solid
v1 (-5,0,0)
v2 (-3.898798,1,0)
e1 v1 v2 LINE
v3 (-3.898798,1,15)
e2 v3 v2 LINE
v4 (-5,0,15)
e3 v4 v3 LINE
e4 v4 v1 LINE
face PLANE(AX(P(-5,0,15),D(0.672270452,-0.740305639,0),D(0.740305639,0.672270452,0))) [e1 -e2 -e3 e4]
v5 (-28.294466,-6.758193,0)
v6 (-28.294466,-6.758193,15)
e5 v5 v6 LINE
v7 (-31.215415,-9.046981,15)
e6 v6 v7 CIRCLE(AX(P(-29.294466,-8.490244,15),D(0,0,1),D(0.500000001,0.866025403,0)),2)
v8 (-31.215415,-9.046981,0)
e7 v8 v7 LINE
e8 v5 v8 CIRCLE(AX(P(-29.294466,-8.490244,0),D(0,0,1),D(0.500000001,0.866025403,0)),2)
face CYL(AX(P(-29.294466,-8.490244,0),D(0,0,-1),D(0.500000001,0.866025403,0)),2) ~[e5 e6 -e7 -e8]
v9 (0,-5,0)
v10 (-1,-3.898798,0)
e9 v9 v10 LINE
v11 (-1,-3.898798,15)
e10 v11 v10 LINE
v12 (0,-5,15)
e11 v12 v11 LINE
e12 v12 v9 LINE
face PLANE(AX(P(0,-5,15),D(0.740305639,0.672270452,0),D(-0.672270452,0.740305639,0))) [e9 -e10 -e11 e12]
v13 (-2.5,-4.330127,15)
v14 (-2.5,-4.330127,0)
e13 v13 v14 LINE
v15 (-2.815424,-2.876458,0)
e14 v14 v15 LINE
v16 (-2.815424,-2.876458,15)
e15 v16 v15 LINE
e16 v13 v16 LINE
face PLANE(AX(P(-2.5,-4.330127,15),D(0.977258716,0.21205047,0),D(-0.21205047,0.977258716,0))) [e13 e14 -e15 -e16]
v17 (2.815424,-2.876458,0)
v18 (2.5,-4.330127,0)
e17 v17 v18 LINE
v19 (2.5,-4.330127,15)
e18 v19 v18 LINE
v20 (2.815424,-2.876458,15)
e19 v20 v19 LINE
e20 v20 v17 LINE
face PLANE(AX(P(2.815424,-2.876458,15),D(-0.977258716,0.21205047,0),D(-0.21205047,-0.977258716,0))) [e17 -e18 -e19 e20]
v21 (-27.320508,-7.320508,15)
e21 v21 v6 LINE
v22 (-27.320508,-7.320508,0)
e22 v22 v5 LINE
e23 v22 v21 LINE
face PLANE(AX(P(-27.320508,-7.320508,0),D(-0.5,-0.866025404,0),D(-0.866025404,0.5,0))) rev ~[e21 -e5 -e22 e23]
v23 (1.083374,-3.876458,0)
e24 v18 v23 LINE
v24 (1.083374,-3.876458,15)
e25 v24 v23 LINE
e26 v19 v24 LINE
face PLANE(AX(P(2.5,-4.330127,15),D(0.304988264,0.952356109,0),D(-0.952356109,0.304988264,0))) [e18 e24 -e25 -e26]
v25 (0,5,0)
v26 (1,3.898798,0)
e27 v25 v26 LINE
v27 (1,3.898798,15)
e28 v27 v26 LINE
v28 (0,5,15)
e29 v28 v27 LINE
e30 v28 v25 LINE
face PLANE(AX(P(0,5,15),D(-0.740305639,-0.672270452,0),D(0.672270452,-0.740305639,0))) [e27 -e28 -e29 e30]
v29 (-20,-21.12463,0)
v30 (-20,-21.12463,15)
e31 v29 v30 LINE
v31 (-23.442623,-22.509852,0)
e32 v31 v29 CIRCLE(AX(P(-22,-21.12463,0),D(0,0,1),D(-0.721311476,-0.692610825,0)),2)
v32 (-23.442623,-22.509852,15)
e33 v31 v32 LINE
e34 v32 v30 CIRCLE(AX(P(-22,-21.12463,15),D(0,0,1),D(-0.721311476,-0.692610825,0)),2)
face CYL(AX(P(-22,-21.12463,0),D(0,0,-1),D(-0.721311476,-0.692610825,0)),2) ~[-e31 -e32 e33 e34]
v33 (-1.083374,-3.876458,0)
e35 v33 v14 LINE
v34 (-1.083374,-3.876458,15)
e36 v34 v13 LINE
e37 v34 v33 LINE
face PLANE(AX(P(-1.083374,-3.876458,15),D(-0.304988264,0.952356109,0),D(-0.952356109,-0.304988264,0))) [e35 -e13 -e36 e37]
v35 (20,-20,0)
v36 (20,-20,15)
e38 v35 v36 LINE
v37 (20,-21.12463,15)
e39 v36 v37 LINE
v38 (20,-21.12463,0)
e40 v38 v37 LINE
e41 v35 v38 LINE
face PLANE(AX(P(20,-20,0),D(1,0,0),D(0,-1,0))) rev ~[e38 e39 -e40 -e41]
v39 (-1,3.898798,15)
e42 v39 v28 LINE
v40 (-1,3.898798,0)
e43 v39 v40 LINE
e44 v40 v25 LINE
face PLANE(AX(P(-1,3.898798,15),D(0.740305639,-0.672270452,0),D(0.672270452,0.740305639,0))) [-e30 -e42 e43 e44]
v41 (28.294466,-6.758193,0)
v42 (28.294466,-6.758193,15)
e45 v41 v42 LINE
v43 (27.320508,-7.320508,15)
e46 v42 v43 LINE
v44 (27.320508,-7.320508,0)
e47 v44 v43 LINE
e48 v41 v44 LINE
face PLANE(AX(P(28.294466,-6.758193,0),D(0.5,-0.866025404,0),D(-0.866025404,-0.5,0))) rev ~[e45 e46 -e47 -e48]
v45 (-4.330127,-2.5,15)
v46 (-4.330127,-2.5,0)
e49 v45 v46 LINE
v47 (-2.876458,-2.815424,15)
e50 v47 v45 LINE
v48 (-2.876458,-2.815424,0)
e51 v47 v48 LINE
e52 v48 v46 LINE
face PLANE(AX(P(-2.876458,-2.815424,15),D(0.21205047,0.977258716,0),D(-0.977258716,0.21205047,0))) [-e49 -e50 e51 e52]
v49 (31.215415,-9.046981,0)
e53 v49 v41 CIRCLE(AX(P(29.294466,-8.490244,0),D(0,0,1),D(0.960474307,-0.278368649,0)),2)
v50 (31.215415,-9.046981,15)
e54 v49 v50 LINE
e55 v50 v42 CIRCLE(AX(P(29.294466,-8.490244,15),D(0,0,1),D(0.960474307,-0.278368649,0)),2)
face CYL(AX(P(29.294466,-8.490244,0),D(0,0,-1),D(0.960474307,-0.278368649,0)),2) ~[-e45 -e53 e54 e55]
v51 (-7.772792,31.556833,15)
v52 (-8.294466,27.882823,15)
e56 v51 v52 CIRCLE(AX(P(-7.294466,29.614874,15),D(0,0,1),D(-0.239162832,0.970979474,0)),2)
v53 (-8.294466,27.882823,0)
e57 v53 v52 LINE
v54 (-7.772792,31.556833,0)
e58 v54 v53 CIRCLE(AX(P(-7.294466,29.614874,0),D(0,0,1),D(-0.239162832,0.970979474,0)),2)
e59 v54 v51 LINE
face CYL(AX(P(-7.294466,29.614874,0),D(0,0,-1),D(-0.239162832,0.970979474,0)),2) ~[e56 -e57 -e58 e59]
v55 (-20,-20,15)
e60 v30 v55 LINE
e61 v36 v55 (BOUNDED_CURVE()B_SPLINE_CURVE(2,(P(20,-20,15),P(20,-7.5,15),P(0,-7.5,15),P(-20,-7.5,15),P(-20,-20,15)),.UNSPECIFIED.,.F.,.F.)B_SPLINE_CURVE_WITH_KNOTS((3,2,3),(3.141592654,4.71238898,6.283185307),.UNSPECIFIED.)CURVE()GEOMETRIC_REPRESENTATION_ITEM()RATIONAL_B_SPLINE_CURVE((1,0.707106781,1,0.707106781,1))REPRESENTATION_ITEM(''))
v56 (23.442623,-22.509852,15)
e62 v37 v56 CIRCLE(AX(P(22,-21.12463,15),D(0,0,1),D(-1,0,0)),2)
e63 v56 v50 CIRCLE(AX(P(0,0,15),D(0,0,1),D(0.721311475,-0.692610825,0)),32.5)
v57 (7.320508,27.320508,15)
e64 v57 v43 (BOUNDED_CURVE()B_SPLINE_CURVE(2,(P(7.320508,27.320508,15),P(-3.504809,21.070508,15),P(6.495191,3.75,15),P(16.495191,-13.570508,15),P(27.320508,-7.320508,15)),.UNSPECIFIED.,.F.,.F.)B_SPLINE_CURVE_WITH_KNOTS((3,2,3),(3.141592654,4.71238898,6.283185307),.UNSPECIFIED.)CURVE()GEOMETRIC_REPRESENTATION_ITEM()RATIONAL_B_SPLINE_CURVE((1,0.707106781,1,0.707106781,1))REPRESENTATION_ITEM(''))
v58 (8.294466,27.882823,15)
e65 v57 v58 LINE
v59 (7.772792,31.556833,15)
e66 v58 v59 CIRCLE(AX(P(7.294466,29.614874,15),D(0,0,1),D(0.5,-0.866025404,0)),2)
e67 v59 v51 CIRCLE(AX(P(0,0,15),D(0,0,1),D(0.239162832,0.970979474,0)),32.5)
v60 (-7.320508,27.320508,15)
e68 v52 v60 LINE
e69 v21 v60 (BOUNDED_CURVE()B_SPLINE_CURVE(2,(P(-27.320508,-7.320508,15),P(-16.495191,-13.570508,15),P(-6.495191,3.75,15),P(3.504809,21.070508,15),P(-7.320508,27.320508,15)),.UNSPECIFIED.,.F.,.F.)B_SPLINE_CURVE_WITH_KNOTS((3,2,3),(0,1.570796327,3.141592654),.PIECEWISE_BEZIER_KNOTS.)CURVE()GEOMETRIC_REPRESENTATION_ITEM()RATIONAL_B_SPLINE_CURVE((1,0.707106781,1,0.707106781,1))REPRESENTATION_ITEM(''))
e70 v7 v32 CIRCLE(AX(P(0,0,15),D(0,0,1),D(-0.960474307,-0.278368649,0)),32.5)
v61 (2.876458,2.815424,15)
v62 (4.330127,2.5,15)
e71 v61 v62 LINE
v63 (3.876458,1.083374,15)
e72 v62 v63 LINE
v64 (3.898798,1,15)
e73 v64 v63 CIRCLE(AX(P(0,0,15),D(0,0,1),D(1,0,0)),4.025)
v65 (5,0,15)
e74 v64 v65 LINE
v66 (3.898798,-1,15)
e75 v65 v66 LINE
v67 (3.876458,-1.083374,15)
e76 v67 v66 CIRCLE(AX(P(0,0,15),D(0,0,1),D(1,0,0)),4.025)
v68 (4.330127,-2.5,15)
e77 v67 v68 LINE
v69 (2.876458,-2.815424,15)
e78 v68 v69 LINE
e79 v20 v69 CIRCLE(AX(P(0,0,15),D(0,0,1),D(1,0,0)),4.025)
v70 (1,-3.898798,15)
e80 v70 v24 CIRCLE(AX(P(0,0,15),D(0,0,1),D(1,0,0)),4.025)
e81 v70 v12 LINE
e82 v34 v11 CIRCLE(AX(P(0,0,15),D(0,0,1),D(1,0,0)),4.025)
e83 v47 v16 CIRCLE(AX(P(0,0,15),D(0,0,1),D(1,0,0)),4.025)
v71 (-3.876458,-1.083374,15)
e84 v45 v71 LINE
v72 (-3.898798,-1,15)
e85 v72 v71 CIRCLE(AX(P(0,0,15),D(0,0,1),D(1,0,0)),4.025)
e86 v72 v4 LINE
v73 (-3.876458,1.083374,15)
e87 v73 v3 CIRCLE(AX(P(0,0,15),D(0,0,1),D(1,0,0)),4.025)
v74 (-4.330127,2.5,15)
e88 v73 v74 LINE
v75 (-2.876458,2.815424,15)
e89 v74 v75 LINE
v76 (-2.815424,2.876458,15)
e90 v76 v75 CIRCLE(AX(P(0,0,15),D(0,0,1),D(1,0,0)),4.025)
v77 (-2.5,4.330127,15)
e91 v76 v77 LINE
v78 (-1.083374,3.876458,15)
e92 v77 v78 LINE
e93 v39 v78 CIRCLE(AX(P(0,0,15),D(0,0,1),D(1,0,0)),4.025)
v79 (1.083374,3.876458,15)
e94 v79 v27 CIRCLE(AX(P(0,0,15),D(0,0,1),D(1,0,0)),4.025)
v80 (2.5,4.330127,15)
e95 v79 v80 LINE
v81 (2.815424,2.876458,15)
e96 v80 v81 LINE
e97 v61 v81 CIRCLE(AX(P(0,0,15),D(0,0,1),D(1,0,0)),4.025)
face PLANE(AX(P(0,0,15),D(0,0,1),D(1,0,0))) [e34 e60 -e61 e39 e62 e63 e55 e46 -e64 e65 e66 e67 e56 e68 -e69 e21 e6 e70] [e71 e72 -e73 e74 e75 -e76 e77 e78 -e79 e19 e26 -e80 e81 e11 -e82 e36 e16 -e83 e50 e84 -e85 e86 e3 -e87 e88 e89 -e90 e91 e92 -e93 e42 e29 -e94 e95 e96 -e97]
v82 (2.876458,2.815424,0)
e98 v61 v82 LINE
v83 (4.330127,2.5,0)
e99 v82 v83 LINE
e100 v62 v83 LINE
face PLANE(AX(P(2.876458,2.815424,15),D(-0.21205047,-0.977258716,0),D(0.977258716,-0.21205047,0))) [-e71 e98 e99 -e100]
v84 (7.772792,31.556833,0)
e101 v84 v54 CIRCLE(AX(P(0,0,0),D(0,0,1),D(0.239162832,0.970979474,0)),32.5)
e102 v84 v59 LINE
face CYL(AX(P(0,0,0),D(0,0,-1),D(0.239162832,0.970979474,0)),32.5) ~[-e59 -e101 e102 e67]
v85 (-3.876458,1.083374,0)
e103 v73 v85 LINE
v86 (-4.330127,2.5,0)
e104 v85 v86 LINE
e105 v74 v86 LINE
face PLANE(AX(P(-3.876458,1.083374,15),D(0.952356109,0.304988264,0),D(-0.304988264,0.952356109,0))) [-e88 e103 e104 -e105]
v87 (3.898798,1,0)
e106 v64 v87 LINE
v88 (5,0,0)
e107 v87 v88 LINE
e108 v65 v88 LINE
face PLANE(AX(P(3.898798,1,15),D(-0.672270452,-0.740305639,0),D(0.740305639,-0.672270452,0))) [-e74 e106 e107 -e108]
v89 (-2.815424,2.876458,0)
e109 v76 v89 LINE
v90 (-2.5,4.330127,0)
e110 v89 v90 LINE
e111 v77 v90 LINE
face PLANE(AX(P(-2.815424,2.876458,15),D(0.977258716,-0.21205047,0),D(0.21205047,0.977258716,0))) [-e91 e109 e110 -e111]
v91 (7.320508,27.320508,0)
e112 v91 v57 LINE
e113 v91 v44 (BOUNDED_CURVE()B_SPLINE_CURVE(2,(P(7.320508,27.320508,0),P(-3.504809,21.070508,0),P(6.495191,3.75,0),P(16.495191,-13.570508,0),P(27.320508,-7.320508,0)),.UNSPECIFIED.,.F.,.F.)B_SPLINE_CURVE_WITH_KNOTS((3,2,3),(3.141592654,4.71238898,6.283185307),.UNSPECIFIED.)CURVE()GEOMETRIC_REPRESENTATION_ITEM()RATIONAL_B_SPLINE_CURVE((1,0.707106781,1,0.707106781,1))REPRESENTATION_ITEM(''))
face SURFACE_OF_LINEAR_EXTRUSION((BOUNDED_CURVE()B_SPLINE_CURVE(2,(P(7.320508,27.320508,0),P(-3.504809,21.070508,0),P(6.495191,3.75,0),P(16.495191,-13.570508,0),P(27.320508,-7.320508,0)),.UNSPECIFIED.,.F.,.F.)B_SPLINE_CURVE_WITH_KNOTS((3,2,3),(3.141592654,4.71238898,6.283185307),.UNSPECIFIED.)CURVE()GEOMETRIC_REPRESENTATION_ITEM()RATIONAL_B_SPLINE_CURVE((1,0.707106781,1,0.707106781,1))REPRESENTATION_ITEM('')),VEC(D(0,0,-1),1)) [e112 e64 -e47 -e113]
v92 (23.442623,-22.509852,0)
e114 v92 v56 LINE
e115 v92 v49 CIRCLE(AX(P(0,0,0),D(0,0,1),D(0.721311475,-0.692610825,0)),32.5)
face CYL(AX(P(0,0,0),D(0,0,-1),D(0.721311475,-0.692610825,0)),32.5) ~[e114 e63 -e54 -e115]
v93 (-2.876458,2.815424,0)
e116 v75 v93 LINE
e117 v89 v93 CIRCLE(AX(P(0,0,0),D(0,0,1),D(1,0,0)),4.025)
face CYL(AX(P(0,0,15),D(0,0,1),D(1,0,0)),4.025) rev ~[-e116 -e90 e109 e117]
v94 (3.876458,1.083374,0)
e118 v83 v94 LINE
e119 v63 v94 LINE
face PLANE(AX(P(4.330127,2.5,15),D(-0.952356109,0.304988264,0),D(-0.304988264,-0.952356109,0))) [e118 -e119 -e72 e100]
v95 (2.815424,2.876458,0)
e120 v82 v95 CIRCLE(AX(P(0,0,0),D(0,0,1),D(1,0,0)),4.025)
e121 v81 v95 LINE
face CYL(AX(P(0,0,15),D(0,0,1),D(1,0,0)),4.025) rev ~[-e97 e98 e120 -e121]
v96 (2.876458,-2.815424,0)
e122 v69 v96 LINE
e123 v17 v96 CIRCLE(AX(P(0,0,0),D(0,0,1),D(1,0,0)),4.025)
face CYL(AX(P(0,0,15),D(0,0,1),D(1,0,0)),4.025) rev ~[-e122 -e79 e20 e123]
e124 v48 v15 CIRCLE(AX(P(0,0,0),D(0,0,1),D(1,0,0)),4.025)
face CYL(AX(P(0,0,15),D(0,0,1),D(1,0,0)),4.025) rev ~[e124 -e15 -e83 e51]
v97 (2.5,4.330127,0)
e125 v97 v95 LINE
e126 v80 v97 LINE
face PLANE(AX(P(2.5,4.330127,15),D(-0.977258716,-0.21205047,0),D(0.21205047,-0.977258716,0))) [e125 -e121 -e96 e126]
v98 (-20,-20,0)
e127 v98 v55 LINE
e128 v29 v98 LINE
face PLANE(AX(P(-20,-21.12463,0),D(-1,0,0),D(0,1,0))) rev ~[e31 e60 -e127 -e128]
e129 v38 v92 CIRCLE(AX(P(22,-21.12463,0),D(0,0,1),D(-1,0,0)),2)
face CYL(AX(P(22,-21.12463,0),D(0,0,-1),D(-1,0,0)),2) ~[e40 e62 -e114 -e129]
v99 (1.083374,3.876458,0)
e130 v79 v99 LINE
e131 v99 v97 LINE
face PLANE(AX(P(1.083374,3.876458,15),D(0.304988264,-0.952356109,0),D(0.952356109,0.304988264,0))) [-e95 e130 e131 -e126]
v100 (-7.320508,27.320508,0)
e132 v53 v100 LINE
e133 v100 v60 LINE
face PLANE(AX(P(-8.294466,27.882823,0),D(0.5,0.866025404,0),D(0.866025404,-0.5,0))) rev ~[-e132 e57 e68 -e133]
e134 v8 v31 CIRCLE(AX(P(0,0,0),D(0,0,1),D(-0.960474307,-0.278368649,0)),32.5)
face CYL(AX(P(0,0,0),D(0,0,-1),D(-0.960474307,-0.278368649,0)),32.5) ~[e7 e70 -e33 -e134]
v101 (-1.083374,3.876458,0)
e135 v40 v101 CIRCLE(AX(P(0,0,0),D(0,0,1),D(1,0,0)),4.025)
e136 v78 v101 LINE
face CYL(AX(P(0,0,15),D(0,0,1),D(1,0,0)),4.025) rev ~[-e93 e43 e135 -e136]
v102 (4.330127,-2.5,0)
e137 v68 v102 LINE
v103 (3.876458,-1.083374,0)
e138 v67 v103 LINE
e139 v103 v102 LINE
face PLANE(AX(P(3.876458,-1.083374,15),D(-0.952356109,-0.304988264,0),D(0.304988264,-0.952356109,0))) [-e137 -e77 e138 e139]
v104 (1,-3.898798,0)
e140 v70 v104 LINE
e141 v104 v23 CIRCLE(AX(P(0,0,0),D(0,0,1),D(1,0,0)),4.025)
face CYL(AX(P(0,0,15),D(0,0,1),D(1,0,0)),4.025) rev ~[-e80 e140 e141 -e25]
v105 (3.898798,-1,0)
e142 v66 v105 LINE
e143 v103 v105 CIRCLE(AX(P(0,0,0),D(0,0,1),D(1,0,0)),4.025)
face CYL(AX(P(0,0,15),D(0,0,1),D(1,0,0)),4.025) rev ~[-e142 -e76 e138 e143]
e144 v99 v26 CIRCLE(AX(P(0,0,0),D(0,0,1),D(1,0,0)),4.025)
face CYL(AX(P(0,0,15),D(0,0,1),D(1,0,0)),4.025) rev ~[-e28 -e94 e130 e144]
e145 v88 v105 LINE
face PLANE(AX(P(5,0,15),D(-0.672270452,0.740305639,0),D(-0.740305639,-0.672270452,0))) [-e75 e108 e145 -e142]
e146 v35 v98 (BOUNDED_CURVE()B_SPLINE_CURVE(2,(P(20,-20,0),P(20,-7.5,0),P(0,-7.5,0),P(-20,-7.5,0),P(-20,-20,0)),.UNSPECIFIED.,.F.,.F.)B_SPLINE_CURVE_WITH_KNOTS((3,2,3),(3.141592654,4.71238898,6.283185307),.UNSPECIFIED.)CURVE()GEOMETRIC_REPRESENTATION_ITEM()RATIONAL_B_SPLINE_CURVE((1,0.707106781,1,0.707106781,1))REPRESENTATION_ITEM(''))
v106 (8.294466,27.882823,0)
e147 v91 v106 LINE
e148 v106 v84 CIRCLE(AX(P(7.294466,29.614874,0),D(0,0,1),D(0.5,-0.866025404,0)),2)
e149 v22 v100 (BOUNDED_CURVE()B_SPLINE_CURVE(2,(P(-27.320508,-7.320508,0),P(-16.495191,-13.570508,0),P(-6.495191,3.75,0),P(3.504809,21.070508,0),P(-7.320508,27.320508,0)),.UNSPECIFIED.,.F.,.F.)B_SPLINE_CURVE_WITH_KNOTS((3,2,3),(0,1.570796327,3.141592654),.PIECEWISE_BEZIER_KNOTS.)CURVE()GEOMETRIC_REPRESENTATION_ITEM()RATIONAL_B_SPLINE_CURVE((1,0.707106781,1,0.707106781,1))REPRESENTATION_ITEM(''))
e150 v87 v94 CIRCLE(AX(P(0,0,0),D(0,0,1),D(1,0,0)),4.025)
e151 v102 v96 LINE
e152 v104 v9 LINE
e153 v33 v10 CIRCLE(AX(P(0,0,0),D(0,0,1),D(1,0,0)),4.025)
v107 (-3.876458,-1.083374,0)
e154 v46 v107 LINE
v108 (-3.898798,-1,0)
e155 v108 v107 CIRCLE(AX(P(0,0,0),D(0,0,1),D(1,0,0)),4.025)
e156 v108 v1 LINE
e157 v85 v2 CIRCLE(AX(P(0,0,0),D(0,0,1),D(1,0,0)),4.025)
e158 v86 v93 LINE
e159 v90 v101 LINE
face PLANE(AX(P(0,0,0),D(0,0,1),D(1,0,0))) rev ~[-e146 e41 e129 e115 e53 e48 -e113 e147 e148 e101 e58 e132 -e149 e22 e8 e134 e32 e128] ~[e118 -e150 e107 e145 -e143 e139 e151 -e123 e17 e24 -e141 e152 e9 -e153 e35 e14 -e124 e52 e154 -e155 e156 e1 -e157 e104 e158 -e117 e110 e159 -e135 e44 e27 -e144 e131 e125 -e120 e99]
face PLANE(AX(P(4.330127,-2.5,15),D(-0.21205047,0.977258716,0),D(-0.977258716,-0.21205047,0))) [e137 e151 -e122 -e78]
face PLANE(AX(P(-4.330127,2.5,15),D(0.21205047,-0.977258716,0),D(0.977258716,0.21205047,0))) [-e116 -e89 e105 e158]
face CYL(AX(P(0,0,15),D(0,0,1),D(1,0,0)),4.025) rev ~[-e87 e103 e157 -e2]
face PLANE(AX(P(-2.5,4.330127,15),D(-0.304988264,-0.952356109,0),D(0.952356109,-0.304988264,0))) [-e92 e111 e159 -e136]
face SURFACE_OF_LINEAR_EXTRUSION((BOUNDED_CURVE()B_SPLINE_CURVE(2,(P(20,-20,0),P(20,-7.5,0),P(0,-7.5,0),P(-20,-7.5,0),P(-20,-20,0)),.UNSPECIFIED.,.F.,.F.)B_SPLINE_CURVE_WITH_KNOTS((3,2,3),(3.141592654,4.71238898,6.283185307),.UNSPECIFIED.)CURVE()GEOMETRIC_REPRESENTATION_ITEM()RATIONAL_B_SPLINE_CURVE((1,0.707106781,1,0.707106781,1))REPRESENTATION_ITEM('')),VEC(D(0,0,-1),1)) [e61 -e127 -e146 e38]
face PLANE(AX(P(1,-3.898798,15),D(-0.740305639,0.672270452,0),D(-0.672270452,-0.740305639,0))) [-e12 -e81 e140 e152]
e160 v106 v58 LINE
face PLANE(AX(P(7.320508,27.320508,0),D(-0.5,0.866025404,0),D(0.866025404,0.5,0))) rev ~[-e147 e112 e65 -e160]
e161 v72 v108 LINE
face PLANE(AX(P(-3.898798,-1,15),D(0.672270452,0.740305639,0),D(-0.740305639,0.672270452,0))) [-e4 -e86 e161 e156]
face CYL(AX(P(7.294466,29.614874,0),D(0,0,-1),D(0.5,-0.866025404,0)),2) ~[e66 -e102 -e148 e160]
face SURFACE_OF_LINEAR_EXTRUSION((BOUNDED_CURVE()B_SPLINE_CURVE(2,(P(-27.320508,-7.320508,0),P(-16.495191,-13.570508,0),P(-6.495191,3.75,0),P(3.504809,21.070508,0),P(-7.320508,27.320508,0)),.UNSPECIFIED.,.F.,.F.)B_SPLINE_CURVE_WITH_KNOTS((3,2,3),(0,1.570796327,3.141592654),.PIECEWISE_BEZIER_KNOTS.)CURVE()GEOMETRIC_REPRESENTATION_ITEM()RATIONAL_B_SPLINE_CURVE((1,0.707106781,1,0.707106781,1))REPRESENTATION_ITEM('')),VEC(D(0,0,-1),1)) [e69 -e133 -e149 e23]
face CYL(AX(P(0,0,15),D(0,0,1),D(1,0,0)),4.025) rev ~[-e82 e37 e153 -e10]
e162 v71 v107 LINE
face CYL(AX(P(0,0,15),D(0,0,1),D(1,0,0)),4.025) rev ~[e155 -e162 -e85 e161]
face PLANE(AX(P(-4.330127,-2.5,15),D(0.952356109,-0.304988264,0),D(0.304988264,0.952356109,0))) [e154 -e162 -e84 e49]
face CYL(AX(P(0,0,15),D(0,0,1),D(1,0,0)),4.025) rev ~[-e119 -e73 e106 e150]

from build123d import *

# Parameters (mm, degrees)
SALIENTE_EXTRUIR2_DEPTH = 15
CROQUIS2_R              = 4.025
CORTAR_EXTRUIR1_DEPTH   = 48.545700558
CORTAR_EXTRUIR2_DEPTH   = 48.545700558


with BuildPart() as part:
    # Croquis1 → Saliente-Extruir2 (new body)
    with BuildSketch(Plane.XY):
        with BuildLine():
            Line((20, -20), (20, -21.124630174))
            ThreePointArc((20, -21.124630174), (21.253423112, -22.980060839), (23.442622951, -22.509851825))
            ThreePointArc((23.442622951, -22.509851825), (28.145825623, -16.25), (31.215414991, -9.046981094))
            ThreePointArc((31.215414991, -9.046981094), (30.528028023, -6.915973913), (28.294466376, -6.758192989))
            Line((28.294466376, -6.758192989), (27.320508076, -7.320508076))
            add(Edge.make_bspline(
                [(7.320508076, 27.320508076), (-3.504809472, 21.070508076), (6.495190528, 3.75), (16.495190528, -13.570508076), (27.320508076, -7.320508076)],
                knots=[3.141592654, 3.141592654, 3.141592654, 4.71238898, 4.71238898, 6.283185307, 6.283185307, 6.283185307], degree=2, weights=[1, 0.707106781, 1, 0.707106781, 1]))
            Line((7.320508076, 27.320508076), (8.294466376, 27.882823163))
            ThreePointArc((8.294466376, 27.882823163), (9.274604911, 29.896034752), (7.772792041, 31.556832919))
            ThreePointArc((7.772792041, 31.556832919), (0, 32.5), (-7.772792041, 31.556832919))
            ThreePointArc((-7.772792041, 31.556832919), (-9.274604911, 29.896034752), (-8.294466376, 27.882823163))
            Line((-8.294466376, 27.882823163), (-7.320508076, 27.320508076))
            add(Edge.make_bspline(
                [(-27.320508076, -7.320508076), (-16.495190528, -13.570508076), (-6.495190528, 3.75), (3.504809472, 21.070508076), (-7.320508076, 27.320508076)],
                knots=[0, 0, 0, 1.570796327, 1.570796327, 3.141592654, 3.141592654, 3.141592654], degree=2, weights=[1, 0.707106781, 1, 0.707106781, 1]))
            Line((-27.320508076, -7.320508076), (-28.294466376, -6.758192989))
            ThreePointArc((-28.294466376, -6.758192989), (-30.528028023, -6.915973913), (-31.215414991, -9.046981094))
            ThreePointArc((-31.215414991, -9.046981094), (-28.145825623, -16.25), (-23.442622951, -22.509851825))
            ThreePointArc((-23.442622951, -22.509851825), (-21.253423112, -22.980060839), (-20, -21.124630174))
            Line((-20, -21.124630174), (-20, -20))
            add(Edge.make_bspline(
                [(20, -20), (20, -7.5), (0, -7.5), (-20, -7.5), (-20, -20)],
                knots=[3.141592654, 3.141592654, 3.141592654, 4.71238898, 4.71238898, 6.283185307, 6.283185307, 6.283185307], degree=2, weights=[1, 0.707106781, 1, 0.707106781, 1]))
        make_face()
    extrude(amount=SALIENTE_EXTRUIR2_DEPTH)

    # Croquis2 → Cortar-Extruir1 (cut, through all)
    with BuildSketch(Plane.XY.offset(15)):
        Circle(CROQUIS2_R)
    extrude(amount=-CORTAR_EXTRUIR1_DEPTH, mode=Mode.SUBTRACT)

    # Croquis3 → Cortar-Extruir2 (cut, through all)
    with BuildSketch(Plane.XY.offset(15)):
        Polygon((-1, 3.898797892), (0, 5), (1, 3.898797892), align=None)
        Polygon((1.083373542, 3.876458018), (2.5, 4.330127019), (2.81542435, 2.876458018), align=None)
        Polygon((2.876458018, 2.81542435), (4.330127019, 2.5), (3.876458018, 1.083373542), align=None)
        Polygon((3.898797892, 1), (5, 0), (3.898797892, -1), align=None)
        Polygon((3.876458018, -1.083373542), (4.330127019, -2.5), (2.876458018, -2.81542435), align=None)
        Polygon((2.81542435, -2.876458018), (2.5, -4.330127019), (1.083373542, -3.876458018), align=None)
        Polygon((1, -3.898797892), (0, -5), (-1, -3.898797892), align=None)
        Polygon((-1.083373542, -3.876458018), (-2.5, -4.330127019), (-2.81542435, -2.876458018), align=None)
        Polygon((-2.876458018, -2.81542435), (-4.330127019, -2.5), (-3.876458018, -1.083373542), align=None)
        Polygon((-3.898797892, -1), (-5, 0), (-3.898797892, 1), align=None)
        Polygon((-3.876458018, 1.083373542), (-4.330127019, 2.5), (-2.876458018, 2.81542435), align=None)
        Polygon((-2.81542435, 2.876458018), (-2.5, 4.330127019), (-1.083373542, 3.876458018), align=None)
    extrude(amount=-CORTAR_EXTRUIR2_DEPTH, mode=Mode.SUBTRACT)


solid = part.part
